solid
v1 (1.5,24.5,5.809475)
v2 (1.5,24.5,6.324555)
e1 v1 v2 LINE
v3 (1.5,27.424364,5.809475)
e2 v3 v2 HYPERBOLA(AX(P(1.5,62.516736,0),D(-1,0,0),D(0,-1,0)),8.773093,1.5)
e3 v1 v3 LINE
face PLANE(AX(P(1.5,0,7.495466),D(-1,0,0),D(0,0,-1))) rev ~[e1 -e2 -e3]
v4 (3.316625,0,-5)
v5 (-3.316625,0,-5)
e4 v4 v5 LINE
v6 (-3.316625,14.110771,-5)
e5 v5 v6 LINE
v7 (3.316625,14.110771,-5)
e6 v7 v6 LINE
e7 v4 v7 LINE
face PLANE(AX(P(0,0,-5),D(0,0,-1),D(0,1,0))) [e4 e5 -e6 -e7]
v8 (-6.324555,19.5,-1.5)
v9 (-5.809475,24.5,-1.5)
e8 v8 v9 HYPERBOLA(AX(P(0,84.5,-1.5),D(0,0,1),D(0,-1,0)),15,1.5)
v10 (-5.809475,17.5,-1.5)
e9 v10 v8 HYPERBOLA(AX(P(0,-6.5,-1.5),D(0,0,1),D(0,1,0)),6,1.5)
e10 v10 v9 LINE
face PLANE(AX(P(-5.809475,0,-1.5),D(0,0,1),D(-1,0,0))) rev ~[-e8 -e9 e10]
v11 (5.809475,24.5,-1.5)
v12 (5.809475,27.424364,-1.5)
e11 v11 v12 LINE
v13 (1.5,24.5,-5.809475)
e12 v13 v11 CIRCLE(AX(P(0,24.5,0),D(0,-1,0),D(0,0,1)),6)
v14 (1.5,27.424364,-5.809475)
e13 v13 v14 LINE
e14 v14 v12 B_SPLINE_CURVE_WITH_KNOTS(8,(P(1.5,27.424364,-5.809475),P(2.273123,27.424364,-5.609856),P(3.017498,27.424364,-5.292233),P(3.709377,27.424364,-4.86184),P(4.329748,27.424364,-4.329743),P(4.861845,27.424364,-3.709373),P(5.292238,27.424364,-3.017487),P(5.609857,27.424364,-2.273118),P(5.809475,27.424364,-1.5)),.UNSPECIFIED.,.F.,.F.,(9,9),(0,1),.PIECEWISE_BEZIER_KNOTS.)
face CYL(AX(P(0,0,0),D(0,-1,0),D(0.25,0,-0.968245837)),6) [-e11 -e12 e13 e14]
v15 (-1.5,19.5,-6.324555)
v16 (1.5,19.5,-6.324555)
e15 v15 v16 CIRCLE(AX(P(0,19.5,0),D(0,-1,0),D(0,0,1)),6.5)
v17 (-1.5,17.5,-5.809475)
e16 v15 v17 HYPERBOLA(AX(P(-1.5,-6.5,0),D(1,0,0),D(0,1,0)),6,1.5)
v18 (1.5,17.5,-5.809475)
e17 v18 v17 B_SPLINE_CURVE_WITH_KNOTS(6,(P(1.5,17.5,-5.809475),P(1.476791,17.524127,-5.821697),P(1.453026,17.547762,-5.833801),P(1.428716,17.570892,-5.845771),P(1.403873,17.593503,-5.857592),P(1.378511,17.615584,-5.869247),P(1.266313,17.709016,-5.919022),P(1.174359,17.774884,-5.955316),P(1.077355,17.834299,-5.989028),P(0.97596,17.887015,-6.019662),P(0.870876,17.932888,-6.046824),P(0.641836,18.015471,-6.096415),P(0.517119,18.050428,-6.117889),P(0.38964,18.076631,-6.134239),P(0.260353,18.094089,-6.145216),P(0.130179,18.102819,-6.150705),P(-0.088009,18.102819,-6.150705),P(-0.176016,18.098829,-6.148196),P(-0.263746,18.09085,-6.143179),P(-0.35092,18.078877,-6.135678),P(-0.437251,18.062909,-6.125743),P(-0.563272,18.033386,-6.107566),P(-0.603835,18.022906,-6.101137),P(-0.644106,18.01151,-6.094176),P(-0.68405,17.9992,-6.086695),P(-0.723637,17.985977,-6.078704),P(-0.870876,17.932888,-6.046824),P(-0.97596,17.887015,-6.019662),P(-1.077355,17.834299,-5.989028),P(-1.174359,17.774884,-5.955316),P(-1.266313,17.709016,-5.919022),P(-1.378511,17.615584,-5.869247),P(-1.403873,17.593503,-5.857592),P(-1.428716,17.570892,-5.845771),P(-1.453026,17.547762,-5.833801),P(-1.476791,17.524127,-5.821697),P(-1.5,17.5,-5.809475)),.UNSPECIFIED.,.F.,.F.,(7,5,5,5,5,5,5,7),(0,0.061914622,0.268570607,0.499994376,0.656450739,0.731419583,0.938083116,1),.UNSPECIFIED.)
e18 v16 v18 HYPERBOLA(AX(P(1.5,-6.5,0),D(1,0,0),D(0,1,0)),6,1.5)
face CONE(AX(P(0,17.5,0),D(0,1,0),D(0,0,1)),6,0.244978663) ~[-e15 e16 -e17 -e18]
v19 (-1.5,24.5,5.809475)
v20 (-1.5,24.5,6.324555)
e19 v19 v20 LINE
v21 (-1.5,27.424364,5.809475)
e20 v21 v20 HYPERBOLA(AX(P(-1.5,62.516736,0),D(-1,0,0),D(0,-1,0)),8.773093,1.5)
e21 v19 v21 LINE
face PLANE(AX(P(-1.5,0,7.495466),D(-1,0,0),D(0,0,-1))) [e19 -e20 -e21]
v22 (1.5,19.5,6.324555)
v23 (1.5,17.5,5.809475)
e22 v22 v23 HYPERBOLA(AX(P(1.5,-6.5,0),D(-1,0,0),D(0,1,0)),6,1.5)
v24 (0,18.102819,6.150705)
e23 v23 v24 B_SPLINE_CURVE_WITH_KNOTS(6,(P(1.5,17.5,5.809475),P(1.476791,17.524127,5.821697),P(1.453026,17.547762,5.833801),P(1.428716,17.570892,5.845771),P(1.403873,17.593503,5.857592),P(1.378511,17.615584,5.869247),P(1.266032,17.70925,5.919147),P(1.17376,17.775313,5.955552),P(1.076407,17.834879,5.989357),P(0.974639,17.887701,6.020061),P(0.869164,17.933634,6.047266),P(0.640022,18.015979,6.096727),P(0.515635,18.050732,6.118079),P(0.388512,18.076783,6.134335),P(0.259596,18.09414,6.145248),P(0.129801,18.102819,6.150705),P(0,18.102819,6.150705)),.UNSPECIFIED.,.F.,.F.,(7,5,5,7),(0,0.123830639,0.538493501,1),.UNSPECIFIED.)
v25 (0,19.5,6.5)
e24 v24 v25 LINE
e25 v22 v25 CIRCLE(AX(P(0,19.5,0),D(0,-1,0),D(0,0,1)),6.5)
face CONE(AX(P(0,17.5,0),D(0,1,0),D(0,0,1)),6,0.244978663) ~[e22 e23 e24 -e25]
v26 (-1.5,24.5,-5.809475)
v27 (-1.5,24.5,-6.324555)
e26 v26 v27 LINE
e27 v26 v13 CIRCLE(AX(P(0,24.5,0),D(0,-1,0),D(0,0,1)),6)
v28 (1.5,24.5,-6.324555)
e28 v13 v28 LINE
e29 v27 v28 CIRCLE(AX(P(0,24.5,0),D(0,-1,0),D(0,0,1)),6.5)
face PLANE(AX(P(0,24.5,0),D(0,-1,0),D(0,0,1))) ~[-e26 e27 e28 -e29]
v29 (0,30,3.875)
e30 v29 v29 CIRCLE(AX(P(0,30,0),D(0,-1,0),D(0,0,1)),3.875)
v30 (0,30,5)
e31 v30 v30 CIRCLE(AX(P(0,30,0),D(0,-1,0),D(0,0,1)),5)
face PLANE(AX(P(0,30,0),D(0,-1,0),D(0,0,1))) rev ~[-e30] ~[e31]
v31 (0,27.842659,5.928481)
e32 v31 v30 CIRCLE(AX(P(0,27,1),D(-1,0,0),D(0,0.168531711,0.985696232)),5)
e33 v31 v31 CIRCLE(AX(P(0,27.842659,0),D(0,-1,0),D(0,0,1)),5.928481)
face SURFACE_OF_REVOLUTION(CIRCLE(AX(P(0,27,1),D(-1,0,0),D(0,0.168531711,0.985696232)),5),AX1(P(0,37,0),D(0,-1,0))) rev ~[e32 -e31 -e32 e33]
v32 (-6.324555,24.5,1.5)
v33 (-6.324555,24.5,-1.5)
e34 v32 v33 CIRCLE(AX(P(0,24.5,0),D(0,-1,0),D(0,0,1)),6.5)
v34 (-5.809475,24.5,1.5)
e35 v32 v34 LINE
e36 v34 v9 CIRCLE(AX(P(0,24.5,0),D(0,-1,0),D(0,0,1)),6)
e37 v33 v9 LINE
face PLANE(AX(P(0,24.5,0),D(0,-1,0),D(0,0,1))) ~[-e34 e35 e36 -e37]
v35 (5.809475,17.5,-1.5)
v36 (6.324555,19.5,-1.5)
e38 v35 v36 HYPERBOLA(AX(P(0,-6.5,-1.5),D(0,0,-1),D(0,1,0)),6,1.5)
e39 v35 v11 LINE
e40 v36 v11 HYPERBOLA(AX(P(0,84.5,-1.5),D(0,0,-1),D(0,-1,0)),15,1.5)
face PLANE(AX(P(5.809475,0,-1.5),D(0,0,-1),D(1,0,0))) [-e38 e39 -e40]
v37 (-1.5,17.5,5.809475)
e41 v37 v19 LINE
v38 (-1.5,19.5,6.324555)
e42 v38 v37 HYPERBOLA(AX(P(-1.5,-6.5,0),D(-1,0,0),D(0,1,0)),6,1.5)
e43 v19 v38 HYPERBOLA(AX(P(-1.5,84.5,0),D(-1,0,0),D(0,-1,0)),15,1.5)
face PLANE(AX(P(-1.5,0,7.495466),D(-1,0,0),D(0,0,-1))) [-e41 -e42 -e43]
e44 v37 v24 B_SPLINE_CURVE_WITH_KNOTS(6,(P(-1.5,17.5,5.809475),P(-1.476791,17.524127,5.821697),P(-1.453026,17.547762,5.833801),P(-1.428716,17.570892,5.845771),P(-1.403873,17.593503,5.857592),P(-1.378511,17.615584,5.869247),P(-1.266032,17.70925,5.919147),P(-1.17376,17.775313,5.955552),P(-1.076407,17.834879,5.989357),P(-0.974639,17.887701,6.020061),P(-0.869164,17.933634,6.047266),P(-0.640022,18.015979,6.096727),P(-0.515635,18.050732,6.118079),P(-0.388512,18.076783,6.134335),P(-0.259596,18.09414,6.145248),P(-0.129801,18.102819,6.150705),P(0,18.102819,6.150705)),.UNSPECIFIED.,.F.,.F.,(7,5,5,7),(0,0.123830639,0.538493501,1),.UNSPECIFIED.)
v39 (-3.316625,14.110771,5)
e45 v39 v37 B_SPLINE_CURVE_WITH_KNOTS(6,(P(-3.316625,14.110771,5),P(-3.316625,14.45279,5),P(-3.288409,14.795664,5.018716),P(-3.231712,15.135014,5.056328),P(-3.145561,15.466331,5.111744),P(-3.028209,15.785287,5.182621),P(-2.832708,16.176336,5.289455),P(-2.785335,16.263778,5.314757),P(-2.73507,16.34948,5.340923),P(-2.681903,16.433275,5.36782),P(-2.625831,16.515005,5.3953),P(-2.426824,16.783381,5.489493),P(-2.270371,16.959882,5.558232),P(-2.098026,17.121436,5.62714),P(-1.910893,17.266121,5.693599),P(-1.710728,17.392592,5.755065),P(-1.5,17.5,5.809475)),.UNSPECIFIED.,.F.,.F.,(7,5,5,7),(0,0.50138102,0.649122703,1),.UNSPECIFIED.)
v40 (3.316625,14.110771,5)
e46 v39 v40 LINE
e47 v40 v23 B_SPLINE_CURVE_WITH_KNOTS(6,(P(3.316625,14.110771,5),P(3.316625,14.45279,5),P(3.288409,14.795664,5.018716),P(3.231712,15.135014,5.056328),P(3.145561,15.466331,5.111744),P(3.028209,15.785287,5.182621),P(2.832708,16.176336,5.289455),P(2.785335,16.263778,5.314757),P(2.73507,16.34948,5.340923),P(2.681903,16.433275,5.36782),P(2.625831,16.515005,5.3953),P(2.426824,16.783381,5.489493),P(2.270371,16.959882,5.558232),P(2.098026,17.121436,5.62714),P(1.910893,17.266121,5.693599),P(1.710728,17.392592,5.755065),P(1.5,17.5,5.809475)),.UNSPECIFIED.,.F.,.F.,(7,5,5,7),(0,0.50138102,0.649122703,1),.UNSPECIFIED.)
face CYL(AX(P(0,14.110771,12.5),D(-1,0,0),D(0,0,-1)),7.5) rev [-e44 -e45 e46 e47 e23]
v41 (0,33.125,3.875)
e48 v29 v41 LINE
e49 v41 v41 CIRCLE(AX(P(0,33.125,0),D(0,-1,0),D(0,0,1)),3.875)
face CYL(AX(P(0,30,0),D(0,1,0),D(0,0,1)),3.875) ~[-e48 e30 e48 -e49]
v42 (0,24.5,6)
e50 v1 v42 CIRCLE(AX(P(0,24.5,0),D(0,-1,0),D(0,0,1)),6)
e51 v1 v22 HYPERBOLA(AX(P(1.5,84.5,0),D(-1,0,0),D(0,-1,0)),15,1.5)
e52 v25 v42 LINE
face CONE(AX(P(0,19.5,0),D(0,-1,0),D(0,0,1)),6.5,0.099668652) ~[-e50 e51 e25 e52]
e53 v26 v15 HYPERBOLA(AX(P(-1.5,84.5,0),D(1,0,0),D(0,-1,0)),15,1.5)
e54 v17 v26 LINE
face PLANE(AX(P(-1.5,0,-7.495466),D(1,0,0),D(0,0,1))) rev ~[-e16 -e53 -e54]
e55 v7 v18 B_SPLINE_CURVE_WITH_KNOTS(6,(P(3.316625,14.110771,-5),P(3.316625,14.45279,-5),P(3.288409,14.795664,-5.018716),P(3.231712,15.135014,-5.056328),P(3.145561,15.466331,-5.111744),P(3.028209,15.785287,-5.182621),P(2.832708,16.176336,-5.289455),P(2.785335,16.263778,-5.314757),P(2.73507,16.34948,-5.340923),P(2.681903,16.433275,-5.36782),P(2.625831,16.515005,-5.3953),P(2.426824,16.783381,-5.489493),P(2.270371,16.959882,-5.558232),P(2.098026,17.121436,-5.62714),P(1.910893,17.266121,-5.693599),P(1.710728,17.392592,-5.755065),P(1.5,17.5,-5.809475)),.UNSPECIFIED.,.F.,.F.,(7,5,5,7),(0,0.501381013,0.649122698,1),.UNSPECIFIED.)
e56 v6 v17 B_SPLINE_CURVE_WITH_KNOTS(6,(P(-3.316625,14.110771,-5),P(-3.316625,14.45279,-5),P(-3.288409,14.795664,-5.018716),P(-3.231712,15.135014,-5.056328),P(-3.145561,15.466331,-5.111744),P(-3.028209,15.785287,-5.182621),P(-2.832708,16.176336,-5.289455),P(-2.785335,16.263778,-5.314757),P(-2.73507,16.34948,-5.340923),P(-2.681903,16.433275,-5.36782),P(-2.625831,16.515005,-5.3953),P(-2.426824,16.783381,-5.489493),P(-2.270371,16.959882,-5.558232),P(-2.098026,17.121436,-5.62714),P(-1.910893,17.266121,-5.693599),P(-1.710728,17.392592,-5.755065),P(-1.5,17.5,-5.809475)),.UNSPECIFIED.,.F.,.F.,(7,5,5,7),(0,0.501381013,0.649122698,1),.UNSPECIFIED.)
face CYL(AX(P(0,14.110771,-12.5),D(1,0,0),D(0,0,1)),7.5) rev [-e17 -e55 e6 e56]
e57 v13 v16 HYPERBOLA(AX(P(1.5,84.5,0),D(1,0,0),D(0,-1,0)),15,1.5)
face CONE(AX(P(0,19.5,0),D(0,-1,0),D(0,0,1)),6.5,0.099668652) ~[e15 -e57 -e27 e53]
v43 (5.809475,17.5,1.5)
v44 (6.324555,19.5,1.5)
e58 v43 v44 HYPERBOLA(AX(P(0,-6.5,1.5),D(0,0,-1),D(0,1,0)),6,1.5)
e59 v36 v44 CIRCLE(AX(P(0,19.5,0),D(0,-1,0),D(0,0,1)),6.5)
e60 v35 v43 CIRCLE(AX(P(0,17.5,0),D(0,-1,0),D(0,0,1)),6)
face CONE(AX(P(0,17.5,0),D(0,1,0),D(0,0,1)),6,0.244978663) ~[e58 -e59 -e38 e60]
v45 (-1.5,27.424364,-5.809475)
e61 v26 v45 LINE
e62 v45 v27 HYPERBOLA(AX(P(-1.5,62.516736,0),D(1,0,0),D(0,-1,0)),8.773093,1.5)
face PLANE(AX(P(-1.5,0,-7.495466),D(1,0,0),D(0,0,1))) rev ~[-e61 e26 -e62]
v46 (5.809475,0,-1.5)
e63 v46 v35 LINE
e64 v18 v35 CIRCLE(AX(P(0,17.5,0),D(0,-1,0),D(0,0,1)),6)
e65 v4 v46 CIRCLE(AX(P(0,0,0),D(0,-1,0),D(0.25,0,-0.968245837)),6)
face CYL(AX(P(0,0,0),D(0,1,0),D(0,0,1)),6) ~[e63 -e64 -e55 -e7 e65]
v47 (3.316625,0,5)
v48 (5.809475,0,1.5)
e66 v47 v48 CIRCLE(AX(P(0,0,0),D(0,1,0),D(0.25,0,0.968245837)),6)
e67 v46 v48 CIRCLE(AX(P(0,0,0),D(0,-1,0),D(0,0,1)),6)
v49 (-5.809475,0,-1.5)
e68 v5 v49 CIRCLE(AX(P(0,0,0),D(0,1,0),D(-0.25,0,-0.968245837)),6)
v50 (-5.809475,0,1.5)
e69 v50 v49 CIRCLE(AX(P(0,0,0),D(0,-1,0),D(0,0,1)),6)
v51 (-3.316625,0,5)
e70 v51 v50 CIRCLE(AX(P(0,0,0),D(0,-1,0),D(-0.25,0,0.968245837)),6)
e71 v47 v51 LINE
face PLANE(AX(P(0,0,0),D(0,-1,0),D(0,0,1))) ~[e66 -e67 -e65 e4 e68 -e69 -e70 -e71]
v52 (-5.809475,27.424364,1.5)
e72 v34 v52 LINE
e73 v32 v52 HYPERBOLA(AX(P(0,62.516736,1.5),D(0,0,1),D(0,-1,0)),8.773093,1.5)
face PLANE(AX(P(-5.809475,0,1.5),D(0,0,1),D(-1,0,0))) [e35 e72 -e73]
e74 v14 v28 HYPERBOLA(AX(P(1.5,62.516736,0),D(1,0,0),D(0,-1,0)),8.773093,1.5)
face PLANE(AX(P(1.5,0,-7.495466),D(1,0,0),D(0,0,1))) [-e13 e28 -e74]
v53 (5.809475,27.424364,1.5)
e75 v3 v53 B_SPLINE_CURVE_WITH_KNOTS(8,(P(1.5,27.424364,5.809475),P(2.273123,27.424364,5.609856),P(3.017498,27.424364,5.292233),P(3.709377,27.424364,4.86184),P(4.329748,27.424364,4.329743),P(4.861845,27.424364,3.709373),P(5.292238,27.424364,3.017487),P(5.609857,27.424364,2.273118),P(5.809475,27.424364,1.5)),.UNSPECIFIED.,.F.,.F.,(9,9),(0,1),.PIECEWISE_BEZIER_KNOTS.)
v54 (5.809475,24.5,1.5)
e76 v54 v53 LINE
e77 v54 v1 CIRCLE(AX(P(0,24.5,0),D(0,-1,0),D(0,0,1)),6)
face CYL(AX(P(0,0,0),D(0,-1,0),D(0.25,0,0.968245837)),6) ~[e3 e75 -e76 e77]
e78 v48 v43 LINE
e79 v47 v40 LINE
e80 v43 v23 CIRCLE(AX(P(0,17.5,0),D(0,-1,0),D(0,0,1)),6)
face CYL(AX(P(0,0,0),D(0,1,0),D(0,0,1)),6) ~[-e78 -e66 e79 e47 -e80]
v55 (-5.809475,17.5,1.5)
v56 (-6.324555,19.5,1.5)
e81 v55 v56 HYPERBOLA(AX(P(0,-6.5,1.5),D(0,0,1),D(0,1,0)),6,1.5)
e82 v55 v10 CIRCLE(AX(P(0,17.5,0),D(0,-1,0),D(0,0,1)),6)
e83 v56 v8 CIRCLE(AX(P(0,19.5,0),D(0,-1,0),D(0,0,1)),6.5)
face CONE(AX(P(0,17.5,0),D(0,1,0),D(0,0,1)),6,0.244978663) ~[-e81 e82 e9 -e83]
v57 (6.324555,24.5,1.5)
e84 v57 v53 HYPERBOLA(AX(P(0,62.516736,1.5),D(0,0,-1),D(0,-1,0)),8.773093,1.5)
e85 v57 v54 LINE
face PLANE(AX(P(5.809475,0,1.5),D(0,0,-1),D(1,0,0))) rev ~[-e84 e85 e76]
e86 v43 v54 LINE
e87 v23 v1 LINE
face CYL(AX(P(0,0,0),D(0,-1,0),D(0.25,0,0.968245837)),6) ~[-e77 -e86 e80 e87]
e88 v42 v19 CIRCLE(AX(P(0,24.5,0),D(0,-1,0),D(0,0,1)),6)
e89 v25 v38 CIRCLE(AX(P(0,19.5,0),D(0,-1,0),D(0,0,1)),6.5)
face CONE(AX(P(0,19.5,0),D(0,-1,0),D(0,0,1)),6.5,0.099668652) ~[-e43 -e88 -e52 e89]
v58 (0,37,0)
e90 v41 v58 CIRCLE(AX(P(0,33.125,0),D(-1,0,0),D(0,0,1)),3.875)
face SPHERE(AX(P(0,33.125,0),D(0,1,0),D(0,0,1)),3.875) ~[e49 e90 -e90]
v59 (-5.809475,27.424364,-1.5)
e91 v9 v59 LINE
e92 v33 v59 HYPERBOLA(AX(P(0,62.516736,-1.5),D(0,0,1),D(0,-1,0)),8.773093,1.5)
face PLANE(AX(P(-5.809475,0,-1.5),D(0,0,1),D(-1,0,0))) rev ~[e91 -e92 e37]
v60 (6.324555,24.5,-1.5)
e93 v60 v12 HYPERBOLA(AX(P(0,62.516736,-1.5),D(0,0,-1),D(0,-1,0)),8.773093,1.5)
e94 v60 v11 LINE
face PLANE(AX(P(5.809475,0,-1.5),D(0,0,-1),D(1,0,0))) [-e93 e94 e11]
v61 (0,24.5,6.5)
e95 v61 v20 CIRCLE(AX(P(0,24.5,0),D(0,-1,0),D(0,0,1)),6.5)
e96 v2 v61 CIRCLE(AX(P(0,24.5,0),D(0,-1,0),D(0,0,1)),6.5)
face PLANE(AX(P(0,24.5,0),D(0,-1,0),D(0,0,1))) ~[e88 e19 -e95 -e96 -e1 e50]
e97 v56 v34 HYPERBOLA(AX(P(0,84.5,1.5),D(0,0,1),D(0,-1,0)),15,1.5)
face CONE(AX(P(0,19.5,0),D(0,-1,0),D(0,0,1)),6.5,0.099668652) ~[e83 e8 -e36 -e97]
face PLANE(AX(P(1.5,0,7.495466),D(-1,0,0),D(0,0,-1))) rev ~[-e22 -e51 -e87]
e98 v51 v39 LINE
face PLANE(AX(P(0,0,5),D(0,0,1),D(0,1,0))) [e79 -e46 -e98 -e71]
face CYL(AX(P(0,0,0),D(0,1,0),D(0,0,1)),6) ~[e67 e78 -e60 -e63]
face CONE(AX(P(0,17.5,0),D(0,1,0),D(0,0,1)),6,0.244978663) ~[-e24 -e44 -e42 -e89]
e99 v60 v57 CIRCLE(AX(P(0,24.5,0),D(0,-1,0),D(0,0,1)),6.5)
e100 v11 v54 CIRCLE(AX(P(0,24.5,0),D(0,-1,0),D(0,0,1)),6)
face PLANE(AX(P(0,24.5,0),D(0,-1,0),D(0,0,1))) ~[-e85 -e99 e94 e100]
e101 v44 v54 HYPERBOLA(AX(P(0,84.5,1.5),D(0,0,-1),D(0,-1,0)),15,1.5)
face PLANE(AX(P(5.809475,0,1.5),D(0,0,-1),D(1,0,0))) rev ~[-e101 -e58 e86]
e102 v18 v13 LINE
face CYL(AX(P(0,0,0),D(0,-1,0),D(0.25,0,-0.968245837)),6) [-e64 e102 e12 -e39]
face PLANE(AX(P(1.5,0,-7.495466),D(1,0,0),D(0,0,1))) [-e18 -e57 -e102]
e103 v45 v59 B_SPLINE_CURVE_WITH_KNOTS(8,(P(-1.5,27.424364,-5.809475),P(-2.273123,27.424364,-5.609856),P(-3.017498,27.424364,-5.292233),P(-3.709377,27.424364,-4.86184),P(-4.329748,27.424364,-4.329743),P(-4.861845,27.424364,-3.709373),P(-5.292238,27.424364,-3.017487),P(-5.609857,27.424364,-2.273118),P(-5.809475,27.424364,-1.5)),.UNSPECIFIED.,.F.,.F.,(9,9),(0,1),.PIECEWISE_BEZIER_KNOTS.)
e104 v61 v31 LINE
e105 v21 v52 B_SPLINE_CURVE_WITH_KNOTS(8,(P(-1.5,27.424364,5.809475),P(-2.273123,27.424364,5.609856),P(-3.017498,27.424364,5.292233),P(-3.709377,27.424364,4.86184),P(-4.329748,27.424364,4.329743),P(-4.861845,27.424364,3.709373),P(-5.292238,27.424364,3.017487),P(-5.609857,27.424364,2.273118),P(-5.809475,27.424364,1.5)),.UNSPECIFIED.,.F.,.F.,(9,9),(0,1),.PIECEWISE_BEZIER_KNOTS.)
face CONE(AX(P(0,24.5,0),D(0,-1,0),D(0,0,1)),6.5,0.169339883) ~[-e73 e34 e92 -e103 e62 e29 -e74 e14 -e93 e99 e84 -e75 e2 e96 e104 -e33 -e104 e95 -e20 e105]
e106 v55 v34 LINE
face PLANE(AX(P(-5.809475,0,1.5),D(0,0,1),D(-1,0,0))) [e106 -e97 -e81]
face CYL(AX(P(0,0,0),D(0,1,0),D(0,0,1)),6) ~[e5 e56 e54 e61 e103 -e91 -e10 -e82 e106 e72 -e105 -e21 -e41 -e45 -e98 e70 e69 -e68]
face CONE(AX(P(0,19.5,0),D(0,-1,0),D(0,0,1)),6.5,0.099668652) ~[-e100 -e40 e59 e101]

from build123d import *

# Parameters (mm, degrees)
CUT_EXTRUDE1_DEPTH = 39.124795081
CUT_EXTRUDE2_DEPTH = 10


with BuildPart() as part:
    # Sketch2 → Revolve1 (revolve)
    with BuildSketch(Plane.XY, mode=Mode.PRIVATE) as revolve1_sk:
        with BuildLine():
            Line((0, 0), (6, 0))
            Line((6, 0), (6, 17.5))
            Line((6, 17.5), (6.5, 19.5))
            Line((6.5, 19.5), (6, 24.5))
            Line((6, 24.5), (6.5, 24.5))
            Line((6.5, 24.5), (5.928481161, 27.842658555))
            ThreePointArc((5.928481161, 27.842658555), (5.59270884, 28.976619718), (5, 30))
            Line((5, 30), (3.875, 30))
            Line((3.875, 30), (3.875, 33.125))
            ThreePointArc((3.875, 33.125), (2.740038777, 35.865038777), (0, 37))
            Line((0, 37), (0, 0))
        make_face()
    revolve(revolve1_sk.sketch.rotate(Axis((0, 37, 0), (0, -1, 0)), 90), axis=Axis((0, 37, 0), (0, -1, 0)))

    # Sketch3 → Cut-Extrude1 (cut, through all)
    with BuildSketch(Plane.XZ):
        with BuildLine():
            Line((-5.809475019, 1.5), (-7.579692196, 1.5))
            Line((-7.579692196, 1.5), (-7.579692196, 7.495465701))
            Line((-7.579692196, 7.495465701), (-1.5, 7.495465701))
            Line((-1.5, 7.495465701), (-1.5, 5.809475019))
            ThreePointArc((-1.5, 5.809475019), (-4.242640687, 4.242640687), (-5.809475019, 1.5))
        make_face()
        with BuildLine():
            Line((1.5, 7.495465701), (1.5, 5.809475019))
            ThreePointArc((1.5, 5.809475019), (4.242640687, 4.242640687), (5.809475019, 1.5))
            Line((5.809475019, 1.5), (7.579692196, 1.5))
            Line((7.579692196, 1.5), (7.579692196, 7.495465701))
            Line((7.579692196, 7.495465701), (1.5, 7.495465701))
        make_face()
        with BuildLine():
            Line((5.809475019, -1.5), (7.579692196, -1.5))
            Line((7.579692196, -1.5), (7.579692196, -7.495465701))
            Line((7.579692196, -7.495465701), (1.5, -7.495465701))
            Line((1.5, -7.495465701), (1.5, -5.809475019))
            ThreePointArc((1.5, -5.809475019), (4.242640687, -4.242640687), (5.809475019, -1.5))
        make_face()
        with BuildLine():
            Line((-1.5, -7.495465701), (-1.5, -5.809475019))
            ThreePointArc((-1.5, -5.809475019), (-4.242640687, -4.242640687), (-5.809475019, -1.5))
            Line((-5.809475019, -1.5), (-7.579692196, -1.5))
            Line((-7.579692196, -1.5), (-7.579692196, -7.495465701))
            Line((-7.579692196, -7.495465701), (-1.5, -7.495465701))
        make_face()
    extrude(amount=-CUT_EXTRUDE1_DEPTH, mode=Mode.SUBTRACT)

    # Sketch4 → Cut-Extrude2 (cut, symmetric)
    with BuildSketch(Plane(origin=(0, 0, 0), x_dir=(0, 0, -1), z_dir=(1, 0, 0))):
        with BuildLine():
            Line((-5, 0), (-5, 14.110770665))
            ThreePointArc((-5, 14.110770665), (-7.196699141, 19.414071524), (-12.5, 21.610770665))
            Line((-12.5, 21.610770665), (-12.5, 0))
            Line((-12.5, 0), (-5, 0))
        make_face()
        with BuildLine():
            Line((12.5, 0), (5, 0))
            Line((5, 0), (5, 14.110770665))
            ThreePointArc((5, 14.110770665), (7.196699141, 19.414071524), (12.5, 21.610770665))
            Line((12.5, 21.610770665), (12.5, 0))
        make_face()
    extrude(amount=CUT_EXTRUDE2_DEPTH, both=True, mode=Mode.SUBTRACT)


solid = part.part
